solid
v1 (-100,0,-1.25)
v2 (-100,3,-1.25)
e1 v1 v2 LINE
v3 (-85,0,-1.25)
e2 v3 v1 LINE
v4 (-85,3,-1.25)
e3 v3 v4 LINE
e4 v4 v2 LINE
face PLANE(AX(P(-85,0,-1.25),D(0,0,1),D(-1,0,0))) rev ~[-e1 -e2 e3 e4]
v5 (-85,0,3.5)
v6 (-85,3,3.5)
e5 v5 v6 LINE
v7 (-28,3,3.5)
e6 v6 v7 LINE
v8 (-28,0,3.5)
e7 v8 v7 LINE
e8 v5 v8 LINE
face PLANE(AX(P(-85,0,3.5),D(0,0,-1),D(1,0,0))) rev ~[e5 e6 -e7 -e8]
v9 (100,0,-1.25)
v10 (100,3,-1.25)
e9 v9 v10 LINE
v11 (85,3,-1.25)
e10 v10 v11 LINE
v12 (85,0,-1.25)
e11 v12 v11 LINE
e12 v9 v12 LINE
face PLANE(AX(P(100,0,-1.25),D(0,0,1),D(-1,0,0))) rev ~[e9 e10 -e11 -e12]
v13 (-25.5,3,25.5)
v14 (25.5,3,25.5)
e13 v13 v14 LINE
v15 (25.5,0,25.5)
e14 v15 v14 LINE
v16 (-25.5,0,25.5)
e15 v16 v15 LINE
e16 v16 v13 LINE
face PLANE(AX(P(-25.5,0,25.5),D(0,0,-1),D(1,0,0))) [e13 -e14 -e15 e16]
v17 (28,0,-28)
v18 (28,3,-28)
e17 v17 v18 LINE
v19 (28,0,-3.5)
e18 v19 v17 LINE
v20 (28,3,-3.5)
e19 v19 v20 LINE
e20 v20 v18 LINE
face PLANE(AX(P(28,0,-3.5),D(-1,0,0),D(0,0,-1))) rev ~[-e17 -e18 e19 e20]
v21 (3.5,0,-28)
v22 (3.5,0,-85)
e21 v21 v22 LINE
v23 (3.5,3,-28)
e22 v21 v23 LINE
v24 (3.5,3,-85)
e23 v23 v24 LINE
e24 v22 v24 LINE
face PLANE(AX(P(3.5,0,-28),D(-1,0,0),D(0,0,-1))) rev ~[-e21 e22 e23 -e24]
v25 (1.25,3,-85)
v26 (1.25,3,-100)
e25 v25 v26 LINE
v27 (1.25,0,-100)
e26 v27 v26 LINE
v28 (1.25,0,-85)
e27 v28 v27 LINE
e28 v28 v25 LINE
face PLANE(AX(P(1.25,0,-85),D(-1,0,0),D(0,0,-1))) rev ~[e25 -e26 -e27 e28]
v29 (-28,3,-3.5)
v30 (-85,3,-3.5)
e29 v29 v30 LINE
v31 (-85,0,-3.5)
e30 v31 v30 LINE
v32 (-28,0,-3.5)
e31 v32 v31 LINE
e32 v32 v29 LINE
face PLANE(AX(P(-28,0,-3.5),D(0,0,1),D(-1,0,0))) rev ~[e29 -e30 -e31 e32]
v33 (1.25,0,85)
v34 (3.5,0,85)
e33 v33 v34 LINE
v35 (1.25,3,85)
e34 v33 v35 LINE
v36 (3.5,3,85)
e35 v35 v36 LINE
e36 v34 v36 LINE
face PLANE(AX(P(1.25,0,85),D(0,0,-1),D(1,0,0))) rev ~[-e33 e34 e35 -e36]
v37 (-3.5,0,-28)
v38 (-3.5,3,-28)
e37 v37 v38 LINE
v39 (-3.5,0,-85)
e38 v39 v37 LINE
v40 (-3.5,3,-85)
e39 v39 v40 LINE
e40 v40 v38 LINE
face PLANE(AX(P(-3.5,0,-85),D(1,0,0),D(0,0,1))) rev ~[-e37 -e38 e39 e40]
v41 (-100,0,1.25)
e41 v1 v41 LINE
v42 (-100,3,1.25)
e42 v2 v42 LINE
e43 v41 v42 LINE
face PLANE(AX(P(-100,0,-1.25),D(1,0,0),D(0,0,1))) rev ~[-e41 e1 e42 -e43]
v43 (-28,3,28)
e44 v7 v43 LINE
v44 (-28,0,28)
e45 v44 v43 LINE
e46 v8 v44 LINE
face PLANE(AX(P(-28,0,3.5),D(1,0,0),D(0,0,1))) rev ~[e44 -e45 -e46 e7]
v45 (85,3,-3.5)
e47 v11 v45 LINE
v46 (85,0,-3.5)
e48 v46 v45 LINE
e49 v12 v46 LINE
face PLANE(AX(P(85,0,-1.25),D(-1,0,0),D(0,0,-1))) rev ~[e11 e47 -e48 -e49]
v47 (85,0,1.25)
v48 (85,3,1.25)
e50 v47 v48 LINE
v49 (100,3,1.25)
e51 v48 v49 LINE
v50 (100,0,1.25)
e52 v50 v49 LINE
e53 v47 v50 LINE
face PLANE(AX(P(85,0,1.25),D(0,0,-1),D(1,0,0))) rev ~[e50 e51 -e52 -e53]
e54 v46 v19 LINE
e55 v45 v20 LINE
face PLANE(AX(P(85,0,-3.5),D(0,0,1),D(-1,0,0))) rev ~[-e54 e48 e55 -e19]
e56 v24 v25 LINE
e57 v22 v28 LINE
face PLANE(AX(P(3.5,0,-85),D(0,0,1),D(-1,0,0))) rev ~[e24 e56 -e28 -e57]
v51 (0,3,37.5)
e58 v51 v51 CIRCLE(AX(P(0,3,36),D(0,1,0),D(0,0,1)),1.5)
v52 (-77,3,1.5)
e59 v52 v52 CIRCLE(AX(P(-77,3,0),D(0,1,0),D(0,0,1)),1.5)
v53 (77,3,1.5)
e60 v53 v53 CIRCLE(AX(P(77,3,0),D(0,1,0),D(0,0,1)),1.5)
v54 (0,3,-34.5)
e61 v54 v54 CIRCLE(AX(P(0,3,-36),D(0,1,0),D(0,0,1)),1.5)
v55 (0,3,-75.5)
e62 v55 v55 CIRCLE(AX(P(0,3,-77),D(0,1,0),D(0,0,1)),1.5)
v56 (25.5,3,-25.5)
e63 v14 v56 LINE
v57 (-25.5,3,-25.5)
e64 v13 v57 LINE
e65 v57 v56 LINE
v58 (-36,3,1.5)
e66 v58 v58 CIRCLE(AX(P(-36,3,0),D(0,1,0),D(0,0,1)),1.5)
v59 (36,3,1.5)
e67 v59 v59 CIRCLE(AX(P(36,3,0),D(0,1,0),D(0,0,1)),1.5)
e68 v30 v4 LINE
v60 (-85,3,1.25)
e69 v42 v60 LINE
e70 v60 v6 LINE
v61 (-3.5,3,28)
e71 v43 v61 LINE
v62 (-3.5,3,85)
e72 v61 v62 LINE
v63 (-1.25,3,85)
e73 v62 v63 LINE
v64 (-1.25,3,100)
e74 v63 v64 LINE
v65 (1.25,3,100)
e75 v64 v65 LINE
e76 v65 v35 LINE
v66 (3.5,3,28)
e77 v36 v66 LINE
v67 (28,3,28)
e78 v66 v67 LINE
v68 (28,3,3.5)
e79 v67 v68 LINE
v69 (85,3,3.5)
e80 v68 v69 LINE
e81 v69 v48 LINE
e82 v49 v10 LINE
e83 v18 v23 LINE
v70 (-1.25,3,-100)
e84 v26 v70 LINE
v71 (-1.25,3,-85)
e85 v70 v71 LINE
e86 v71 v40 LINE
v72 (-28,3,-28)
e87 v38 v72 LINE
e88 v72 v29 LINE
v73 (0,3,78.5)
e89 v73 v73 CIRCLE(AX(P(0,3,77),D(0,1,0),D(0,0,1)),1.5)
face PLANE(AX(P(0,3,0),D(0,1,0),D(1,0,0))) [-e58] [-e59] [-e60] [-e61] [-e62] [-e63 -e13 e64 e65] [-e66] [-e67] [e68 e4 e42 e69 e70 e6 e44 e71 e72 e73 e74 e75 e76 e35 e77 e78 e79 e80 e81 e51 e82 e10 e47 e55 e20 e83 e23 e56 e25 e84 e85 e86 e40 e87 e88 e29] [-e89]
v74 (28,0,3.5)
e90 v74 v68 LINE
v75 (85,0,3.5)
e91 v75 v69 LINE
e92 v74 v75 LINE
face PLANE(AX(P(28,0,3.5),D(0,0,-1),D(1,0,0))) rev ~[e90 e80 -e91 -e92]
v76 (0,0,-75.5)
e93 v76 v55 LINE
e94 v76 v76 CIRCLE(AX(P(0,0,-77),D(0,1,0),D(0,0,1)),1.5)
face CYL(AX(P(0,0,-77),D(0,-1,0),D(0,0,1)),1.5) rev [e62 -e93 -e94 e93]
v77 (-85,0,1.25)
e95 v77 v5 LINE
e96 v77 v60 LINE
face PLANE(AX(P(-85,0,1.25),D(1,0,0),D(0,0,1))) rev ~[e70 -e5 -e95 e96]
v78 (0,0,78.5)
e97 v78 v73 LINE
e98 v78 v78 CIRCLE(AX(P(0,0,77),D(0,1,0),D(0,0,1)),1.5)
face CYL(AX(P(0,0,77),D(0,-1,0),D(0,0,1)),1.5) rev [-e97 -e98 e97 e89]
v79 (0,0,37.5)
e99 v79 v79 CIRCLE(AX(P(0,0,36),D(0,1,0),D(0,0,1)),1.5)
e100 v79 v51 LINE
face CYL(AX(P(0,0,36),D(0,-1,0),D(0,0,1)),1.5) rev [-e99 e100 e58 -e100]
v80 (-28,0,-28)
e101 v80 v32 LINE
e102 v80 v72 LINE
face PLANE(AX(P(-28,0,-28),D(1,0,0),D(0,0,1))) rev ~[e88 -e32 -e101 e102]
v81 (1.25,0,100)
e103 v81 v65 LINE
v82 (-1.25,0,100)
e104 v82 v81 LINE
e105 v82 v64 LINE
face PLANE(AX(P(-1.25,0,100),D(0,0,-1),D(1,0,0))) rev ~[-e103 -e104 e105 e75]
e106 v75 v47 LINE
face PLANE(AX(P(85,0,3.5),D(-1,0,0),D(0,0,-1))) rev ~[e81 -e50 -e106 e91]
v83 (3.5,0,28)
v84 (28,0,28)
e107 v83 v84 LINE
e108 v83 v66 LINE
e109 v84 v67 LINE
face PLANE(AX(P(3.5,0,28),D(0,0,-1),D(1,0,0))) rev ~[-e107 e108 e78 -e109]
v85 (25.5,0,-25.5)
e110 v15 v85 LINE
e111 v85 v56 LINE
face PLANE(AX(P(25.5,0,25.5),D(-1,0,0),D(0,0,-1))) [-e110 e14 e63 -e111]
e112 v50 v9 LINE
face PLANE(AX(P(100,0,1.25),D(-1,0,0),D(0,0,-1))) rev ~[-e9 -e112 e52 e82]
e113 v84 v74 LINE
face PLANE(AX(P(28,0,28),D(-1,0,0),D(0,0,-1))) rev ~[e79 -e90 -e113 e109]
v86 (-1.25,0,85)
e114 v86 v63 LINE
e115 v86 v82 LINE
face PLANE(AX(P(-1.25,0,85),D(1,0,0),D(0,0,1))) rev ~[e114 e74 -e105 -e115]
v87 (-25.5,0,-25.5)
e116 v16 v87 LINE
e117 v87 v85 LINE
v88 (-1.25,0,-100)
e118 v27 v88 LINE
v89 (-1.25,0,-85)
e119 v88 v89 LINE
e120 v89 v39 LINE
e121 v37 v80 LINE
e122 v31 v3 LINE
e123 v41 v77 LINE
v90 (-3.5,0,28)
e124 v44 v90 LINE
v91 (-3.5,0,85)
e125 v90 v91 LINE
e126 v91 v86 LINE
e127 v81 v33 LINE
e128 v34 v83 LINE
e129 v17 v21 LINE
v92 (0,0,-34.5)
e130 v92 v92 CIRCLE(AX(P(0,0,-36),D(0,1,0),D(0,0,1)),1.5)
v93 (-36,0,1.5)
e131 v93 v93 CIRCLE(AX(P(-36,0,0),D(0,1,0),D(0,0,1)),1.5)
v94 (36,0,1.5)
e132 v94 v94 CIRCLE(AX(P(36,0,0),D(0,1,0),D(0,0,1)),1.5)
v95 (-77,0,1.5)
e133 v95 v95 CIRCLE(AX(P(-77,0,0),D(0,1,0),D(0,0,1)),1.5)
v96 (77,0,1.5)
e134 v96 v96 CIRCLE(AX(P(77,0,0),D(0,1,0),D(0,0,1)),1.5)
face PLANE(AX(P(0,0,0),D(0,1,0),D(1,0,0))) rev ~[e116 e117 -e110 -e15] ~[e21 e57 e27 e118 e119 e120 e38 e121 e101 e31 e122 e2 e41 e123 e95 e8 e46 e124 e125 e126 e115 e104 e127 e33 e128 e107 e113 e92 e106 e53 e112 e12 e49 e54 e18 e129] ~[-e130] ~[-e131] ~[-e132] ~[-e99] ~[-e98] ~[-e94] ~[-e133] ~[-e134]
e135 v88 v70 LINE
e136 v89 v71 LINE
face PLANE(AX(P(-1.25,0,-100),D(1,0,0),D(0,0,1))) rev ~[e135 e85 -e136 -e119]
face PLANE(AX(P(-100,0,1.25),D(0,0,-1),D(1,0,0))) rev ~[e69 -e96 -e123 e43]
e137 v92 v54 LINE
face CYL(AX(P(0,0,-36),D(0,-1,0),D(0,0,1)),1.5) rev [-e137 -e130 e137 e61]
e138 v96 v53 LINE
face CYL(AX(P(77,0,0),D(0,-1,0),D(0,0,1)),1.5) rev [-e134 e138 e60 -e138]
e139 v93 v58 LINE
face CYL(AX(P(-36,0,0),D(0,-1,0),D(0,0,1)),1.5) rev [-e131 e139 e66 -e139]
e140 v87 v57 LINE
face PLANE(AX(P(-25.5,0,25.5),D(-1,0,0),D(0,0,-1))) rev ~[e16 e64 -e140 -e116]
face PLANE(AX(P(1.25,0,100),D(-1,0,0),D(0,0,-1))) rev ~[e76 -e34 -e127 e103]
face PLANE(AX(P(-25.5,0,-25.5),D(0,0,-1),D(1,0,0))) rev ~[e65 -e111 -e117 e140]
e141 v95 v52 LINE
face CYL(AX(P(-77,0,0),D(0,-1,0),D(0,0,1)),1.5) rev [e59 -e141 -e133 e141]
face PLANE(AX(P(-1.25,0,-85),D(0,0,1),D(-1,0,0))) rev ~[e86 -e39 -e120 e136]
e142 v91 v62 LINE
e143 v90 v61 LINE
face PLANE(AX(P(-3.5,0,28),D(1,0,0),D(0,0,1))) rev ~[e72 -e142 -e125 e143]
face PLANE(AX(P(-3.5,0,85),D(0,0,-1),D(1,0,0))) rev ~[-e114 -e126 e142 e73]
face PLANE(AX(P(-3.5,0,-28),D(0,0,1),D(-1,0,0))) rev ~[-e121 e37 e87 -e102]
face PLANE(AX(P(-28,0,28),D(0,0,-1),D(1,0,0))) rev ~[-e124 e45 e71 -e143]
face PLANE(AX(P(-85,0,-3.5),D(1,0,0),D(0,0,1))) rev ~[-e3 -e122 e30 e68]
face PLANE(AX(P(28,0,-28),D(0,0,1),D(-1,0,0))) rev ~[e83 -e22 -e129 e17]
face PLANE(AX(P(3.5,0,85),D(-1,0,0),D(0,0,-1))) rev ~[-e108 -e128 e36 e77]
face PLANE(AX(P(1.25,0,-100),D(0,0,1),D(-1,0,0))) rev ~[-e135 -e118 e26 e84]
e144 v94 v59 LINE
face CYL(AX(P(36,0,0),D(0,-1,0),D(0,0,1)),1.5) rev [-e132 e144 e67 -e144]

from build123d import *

# Parameters (mm, degrees)
SKETCH1_W           = 51
SKETCH1_H           = 51
SKETCH1_R           = 1.5
BOSS_EXTRUDE1_DEPTH = 3


with BuildPart() as part:
    # Sketch1 → Boss-Extrude1 (new body)
    with BuildSketch(Plane(origin=(0, 0, 0), x_dir=(1, 0, 0), z_dir=(0, 1, 0))):
        Polygon((85, 1.25), (85, 3.5), (28, 3.5), (28, 28), (3.5, 28), (3.5, 85), (1.25, 85), (1.25, 100), (-1.25, 100), (-1.25, 85), (-3.5, 85), (-3.5, 28), (-28, 28), (-28, 3.5), (-85, 3.5), (-85, 1.25), (-100, 1.25), (-100, -1.25), (-85, -1.25), (-85, -3.5), (-28, -3.5), (-28, -28), (-3.5, -28), (-3.5, -85), (-1.25, -85), (-1.25, -100), (1.25, -100), (1.25, -85), (3.5, -85), (3.5, -28), (28, -28), (28, -3.5), (85, -3.5), (85, -1.25), (100, -1.25), (100, 1.25), align=None)
        Rectangle(SKETCH1_W, SKETCH1_H, mode=Mode.SUBTRACT)
        with Locations(Location((36, 0, 0), (0, 0, 270))):
            Circle(SKETCH1_R, mode=Mode.SUBTRACT)
        with Locations(Location((77, 0, 0), (0, 0, 270))):
            Circle(SKETCH1_R, mode=Mode.SUBTRACT)
        with Locations(Location((0, 77, 0), (0, 0, 270))):
            Circle(SKETCH1_R, mode=Mode.SUBTRACT)
        with Locations(Location((0, 36, 0), (0, 0, 270))):
            Circle(SKETCH1_R, mode=Mode.SUBTRACT)
        with Locations(Location((0, -36, 0), (0, 0, 270))):
            Circle(SKETCH1_R, mode=Mode.SUBTRACT)
        with Locations(Location((0, -77, 0), (0, 0, 270))):
            Circle(SKETCH1_R, mode=Mode.SUBTRACT)
        with Locations(Location((-36, 0, 0), (0, 0, 270))):
            Circle(SKETCH1_R, mode=Mode.SUBTRACT)
        with Locations(Location((-77, 0, 0), (0, 0, 270))):
            Circle(SKETCH1_R, mode=Mode.SUBTRACT)
    extrude(amount=BOSS_EXTRUDE1_DEPTH)


solid = part.part
